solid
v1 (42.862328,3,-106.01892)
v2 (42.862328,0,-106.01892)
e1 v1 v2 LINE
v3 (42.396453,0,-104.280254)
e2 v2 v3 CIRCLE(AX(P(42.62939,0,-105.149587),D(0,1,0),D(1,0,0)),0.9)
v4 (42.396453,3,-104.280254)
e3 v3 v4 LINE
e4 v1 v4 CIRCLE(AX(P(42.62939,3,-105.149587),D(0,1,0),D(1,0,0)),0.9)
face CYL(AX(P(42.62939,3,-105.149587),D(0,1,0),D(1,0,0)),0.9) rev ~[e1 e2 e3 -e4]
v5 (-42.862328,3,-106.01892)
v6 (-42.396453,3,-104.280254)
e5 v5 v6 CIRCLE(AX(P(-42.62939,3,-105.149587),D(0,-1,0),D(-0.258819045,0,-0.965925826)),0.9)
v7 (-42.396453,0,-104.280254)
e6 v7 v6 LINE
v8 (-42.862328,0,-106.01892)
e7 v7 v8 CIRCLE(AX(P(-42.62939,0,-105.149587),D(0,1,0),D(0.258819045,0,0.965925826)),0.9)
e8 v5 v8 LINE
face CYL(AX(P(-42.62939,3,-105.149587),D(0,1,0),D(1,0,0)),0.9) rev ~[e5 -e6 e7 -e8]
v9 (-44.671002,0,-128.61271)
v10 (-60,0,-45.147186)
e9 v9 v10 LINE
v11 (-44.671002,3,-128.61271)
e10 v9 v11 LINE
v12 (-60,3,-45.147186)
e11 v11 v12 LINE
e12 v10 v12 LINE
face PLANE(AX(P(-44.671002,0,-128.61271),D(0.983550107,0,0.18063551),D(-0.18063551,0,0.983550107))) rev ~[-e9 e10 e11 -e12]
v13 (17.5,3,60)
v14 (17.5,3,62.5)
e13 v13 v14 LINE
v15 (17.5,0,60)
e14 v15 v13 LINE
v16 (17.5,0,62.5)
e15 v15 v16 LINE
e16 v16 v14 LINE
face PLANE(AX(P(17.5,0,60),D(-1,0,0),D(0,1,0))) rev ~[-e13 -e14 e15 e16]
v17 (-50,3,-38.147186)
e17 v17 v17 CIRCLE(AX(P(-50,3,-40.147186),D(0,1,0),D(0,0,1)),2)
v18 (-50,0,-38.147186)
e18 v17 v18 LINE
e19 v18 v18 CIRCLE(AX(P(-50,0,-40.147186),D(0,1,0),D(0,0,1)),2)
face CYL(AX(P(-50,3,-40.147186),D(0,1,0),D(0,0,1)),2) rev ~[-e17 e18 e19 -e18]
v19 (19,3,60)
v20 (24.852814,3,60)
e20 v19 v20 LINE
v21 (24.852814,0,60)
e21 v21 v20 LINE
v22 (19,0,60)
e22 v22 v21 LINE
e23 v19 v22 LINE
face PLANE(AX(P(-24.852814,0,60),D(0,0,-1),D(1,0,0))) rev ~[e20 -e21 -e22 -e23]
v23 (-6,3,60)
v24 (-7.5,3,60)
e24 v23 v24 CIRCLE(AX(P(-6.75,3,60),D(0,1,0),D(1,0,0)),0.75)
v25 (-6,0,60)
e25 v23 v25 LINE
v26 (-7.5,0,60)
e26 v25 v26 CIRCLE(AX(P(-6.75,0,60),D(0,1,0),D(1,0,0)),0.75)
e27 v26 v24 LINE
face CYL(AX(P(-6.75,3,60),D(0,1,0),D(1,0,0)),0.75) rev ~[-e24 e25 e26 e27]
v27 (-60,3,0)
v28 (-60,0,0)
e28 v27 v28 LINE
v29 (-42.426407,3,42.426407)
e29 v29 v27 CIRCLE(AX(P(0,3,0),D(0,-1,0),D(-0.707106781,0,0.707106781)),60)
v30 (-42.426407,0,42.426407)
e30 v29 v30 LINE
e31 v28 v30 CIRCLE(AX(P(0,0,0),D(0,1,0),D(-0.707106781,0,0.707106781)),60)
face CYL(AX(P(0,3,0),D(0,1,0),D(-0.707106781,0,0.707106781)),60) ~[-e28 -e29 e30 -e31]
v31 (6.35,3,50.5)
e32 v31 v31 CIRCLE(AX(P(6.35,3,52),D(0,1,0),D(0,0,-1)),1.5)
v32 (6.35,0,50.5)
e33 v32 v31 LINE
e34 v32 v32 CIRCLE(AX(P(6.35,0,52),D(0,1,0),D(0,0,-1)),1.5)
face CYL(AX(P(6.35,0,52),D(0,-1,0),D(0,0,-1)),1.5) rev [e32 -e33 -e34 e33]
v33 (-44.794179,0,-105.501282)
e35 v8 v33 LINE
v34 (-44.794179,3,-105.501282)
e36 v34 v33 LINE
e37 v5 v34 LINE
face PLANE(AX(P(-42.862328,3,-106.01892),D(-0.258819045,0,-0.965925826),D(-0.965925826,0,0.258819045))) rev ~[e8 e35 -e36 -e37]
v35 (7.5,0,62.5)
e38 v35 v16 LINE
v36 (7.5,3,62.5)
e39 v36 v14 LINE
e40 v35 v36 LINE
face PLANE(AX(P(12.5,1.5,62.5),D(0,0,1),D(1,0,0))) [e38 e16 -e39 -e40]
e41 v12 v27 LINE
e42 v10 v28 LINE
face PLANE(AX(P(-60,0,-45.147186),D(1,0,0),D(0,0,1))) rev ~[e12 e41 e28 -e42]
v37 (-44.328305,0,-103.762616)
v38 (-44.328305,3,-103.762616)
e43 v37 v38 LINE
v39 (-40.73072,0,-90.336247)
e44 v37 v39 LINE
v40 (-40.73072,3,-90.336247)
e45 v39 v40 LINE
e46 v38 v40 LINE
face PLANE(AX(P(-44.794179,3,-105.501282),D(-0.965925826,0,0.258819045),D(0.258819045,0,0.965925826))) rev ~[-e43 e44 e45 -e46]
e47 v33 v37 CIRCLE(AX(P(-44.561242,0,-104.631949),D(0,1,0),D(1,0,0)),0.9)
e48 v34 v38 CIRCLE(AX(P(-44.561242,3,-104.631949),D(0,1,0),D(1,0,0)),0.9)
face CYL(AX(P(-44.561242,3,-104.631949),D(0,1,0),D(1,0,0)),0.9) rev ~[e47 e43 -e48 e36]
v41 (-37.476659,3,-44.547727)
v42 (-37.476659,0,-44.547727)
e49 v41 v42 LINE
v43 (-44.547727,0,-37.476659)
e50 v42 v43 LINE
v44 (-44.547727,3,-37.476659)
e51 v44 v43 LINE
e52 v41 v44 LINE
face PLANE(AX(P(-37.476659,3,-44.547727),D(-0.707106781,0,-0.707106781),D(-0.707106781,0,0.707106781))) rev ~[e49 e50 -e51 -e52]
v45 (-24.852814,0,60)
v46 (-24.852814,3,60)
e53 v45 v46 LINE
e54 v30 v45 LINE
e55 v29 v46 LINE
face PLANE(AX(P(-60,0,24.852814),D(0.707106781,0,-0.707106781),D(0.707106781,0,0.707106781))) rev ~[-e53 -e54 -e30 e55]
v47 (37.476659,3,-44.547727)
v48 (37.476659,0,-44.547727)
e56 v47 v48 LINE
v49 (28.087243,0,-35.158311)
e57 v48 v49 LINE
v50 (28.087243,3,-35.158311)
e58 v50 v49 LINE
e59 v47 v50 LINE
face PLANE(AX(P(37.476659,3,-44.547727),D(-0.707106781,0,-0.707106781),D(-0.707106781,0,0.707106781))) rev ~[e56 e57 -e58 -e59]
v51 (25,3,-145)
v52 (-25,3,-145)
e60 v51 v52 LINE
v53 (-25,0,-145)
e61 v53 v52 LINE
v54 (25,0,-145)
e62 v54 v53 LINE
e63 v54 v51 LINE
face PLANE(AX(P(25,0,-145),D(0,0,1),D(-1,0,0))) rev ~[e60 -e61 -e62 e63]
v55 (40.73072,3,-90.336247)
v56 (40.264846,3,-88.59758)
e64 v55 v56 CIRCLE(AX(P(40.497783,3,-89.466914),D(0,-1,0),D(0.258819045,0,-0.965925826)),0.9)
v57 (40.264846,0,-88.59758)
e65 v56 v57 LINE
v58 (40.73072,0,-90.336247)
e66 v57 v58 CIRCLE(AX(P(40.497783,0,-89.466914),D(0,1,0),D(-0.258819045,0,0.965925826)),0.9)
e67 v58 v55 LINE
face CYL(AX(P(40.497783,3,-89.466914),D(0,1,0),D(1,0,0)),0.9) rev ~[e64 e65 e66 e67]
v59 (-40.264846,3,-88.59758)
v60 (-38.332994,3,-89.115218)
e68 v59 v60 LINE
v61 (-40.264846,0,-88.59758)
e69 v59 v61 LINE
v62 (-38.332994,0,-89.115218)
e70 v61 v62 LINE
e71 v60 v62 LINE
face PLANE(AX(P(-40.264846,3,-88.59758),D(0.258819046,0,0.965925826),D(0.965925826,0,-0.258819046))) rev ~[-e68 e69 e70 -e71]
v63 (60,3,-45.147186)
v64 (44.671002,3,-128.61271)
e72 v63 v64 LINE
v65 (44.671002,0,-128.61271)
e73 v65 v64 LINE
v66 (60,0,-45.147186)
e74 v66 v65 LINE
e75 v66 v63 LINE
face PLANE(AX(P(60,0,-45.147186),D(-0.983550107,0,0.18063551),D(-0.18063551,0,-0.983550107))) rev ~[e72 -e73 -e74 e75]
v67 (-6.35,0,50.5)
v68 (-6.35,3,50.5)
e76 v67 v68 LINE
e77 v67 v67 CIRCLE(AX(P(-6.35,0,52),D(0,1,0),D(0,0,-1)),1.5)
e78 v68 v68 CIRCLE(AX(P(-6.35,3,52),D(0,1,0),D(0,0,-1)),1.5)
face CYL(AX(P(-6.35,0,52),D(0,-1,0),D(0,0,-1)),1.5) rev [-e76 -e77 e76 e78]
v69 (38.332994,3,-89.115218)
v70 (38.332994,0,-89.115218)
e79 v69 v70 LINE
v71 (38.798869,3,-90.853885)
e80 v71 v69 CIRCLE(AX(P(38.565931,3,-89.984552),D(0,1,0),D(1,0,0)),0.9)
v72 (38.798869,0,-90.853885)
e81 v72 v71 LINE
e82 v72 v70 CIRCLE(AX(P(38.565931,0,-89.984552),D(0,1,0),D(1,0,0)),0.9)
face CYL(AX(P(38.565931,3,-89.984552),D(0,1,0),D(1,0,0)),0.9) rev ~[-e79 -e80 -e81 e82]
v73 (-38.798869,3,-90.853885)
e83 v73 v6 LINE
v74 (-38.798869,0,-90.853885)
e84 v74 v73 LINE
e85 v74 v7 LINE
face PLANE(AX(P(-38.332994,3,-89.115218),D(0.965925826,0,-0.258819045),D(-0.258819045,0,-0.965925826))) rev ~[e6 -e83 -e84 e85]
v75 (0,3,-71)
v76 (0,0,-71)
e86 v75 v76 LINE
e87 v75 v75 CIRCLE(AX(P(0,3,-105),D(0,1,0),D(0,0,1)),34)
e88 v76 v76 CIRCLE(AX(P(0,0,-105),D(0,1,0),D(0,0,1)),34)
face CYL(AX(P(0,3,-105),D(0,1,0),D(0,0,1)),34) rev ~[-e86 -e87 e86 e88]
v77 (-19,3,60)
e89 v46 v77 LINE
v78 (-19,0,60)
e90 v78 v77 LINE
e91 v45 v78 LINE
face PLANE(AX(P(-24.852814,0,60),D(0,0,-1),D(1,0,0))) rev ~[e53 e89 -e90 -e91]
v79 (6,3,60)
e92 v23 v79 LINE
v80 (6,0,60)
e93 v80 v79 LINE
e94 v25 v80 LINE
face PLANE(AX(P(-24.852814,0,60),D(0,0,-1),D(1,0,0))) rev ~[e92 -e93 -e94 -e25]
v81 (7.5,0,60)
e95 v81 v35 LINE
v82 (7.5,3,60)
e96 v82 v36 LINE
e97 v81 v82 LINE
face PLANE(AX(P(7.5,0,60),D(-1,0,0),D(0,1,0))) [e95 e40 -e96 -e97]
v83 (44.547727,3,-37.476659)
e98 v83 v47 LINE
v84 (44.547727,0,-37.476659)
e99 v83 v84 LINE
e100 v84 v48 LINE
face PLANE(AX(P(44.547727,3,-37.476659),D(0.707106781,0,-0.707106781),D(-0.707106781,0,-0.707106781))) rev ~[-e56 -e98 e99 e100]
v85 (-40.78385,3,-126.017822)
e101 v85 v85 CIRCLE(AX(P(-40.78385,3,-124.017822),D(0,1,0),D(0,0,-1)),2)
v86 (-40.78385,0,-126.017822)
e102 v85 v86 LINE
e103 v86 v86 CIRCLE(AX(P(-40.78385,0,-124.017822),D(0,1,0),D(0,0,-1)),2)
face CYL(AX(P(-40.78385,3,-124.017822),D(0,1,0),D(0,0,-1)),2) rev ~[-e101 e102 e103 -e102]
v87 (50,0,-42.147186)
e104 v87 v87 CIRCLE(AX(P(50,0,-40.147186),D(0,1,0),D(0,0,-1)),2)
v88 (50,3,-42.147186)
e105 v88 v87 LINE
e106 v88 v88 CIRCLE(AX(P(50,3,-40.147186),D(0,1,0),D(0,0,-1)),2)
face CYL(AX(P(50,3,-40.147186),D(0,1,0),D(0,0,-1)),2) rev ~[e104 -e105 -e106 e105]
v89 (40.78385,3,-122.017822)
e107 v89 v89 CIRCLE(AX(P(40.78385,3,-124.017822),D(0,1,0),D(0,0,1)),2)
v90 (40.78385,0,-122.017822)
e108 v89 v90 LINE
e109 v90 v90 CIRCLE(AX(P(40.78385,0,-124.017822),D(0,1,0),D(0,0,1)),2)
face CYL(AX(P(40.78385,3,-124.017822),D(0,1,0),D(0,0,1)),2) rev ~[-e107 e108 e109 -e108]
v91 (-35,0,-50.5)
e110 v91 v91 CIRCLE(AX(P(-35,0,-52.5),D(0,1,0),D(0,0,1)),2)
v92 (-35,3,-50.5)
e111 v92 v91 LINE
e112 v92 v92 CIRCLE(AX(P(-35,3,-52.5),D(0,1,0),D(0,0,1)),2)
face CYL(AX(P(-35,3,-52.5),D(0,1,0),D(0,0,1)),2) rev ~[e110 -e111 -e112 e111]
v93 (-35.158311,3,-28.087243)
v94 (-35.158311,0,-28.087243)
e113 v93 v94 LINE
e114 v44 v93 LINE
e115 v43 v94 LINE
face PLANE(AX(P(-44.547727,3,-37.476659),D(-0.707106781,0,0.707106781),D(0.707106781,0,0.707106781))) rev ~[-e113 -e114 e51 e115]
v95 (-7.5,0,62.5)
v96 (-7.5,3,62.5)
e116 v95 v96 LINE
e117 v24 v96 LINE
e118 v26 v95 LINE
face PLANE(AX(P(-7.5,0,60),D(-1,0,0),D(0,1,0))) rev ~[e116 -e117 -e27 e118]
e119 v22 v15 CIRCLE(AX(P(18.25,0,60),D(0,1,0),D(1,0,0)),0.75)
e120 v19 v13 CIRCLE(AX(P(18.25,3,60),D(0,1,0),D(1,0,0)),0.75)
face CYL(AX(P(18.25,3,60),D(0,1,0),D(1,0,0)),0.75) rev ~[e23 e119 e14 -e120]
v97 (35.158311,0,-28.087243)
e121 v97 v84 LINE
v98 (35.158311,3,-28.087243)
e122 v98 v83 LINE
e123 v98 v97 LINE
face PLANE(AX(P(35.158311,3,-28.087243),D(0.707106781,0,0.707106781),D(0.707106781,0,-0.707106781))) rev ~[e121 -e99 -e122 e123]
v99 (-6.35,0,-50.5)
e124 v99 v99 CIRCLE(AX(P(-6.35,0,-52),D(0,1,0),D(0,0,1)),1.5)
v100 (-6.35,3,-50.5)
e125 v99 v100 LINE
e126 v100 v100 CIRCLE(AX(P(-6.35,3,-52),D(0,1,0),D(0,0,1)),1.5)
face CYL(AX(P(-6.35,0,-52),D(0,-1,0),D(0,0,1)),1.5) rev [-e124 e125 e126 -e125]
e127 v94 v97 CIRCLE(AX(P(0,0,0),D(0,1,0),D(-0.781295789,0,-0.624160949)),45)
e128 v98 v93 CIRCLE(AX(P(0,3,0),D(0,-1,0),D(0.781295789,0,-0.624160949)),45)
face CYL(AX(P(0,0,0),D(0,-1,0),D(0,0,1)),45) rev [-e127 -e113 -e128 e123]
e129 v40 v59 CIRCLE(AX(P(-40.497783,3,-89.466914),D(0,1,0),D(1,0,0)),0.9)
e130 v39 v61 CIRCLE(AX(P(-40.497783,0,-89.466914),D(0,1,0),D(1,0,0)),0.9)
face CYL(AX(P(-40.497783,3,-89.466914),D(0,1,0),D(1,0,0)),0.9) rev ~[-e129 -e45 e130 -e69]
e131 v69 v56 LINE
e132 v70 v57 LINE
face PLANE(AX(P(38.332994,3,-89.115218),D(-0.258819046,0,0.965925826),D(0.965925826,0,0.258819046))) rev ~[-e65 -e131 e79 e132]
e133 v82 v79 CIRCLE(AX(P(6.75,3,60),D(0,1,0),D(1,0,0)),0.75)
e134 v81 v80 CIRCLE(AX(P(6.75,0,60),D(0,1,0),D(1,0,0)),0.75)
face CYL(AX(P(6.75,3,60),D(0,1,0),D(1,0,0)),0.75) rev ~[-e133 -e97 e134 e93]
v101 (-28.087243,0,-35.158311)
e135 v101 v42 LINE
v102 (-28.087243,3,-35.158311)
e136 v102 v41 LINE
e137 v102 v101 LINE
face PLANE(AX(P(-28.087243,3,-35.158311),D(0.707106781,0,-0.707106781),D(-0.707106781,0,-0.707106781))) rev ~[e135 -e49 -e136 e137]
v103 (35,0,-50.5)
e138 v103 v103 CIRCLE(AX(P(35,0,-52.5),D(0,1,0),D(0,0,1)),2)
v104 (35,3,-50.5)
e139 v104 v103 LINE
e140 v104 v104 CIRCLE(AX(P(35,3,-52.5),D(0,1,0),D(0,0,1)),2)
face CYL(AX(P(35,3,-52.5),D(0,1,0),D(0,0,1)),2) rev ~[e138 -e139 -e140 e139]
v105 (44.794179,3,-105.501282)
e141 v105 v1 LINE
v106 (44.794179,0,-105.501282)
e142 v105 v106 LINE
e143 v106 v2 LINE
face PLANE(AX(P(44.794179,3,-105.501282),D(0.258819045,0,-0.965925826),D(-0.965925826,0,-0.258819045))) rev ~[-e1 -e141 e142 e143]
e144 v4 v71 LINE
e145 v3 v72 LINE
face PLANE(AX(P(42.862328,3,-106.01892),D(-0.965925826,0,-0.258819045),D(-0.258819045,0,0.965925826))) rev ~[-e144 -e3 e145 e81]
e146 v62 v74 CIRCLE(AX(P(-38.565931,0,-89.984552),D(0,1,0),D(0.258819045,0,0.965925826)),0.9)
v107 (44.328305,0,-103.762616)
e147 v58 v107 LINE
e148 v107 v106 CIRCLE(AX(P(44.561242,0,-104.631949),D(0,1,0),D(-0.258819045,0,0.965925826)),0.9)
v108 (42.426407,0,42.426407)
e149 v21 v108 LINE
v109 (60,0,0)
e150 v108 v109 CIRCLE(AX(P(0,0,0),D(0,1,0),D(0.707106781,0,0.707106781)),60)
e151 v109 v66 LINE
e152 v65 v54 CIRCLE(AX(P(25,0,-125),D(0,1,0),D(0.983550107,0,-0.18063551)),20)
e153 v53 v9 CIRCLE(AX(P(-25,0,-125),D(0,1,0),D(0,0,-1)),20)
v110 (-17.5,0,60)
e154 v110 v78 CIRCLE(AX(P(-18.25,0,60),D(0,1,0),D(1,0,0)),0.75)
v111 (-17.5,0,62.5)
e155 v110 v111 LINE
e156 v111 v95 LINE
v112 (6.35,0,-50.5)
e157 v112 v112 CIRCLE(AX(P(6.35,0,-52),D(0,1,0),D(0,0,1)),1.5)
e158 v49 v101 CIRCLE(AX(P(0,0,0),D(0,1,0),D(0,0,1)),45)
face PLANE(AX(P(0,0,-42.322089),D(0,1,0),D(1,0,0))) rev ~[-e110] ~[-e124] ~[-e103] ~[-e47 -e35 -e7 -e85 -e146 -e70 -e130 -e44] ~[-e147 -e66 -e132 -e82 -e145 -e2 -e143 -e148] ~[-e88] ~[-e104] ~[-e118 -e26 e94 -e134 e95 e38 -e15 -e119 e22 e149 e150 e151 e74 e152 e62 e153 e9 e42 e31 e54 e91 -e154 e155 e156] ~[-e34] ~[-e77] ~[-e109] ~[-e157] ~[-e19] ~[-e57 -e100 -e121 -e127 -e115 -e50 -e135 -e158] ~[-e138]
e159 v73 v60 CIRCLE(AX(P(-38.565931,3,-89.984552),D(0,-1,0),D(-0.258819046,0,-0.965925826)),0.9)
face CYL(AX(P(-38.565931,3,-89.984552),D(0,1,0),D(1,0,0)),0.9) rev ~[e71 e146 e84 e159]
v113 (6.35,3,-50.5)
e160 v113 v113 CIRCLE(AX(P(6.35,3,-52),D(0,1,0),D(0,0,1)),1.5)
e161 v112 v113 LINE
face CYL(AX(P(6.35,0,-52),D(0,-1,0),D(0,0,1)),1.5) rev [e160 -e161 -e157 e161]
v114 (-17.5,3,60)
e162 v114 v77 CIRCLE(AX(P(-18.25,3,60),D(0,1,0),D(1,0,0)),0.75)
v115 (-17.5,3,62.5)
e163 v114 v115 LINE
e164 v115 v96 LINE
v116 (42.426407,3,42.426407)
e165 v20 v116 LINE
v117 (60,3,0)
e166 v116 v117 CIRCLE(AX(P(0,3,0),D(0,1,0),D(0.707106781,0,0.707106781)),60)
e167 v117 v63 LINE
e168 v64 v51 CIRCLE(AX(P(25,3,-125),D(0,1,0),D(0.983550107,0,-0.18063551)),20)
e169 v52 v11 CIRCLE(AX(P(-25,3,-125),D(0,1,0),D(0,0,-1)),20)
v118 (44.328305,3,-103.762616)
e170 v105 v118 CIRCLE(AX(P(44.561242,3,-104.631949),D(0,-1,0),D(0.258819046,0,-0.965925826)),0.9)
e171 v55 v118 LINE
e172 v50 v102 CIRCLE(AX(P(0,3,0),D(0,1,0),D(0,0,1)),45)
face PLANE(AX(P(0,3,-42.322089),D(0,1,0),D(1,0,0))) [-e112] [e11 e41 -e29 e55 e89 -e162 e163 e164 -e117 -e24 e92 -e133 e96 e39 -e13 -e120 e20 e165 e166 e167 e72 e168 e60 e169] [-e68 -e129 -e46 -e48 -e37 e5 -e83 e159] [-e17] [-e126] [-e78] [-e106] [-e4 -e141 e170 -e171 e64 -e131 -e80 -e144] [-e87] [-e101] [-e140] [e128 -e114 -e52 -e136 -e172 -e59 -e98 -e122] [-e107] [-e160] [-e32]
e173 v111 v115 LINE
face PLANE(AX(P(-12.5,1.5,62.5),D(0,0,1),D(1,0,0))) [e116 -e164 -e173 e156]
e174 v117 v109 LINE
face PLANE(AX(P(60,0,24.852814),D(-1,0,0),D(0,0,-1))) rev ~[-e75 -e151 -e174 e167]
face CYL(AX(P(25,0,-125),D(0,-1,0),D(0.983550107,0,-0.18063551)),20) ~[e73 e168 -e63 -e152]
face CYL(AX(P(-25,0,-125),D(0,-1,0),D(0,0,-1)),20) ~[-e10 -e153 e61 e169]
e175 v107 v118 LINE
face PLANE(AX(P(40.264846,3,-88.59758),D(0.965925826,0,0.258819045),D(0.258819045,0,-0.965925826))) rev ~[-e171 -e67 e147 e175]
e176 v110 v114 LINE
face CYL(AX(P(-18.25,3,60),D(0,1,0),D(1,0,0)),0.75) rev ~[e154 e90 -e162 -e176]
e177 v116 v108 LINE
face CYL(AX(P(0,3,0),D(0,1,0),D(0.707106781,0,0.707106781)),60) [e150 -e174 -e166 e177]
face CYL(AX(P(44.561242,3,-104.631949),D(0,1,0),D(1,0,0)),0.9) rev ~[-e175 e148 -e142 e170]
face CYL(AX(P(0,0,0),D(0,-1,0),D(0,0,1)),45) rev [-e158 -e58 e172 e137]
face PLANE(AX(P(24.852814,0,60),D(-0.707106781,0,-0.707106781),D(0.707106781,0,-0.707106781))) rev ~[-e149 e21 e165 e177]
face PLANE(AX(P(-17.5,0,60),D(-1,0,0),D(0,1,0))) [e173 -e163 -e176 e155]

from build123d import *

# Parameters (mm, degrees)
SKETCH_1_R          = 1.5
SKETCH_1_R_2        = 45
EXTRUDE_1_DEPTH     = 3
SKETCH_2_R          = 34
SKETCH_2_R_2        = 2
CUT_EXTRUDE_1_DEPTH = 157.95222203
SKETCH_3_W          = 10
SKETCH_3_H          = 3
EXTRUDE_2_DEPTH     = 2.5
SKETCH_5_R          = 0.75
CUT_EXTRUDE_2_DEPTH = 157.95222203
SKETCH_8_R          = 0.9
CUT_EXTRUDE_3_DEPTH = 157.95222203


with BuildPart() as part:
    # 草图1 → Extrude 1 (new body)
    with BuildSketch(Plane(origin=(0, 0, 0), x_dir=(1, 0, 0), z_dir=(0, 1, 0))):
        with BuildLine():
            Line((-60, 24.852813742), (-60, -24.852813742))
            Line((-60, -24.852813742), (-24.852813742, -60))
            Line((-24.852813742, -60), (24.852813742, -60))
            Line((24.852813742, -60), (60, -24.852813742))
            Line((60, -24.852813742), (60, 24.852813742))
            Line((60, 24.852813742), (60, 45.147186258))
            Line((60, 45.147186258), (44.671002135, 128.6127102))
            ThreePointArc((44.671002135, 128.6127102), (37.801285013, 140.366427757), (25, 145))
            Line((25, 145), (-25, 145))
            ThreePointArc((-25, 145), (-37.801285013, 140.366427757), (-44.671002135, 128.6127102))
            Line((-44.671002135, 128.6127102), (-60, 45.147186258))
            Line((-60, 45.147186258), (-60, 24.852813742))
        make_face()
        with Locations(Location((-6.35, 52, 0), (0, 0, 270))):
            Circle(SKETCH_1_R, mode=Mode.SUBTRACT)
        with Locations(Location((6.35, 52, 0), (0, 0, 270))):
            Circle(SKETCH_1_R, mode=Mode.SUBTRACT)
        with Locations(Location((6.35, -52, 0), (0, 0, 90))):
            Circle(SKETCH_1_R, mode=Mode.SUBTRACT)
        with Locations(Location((-6.35, -52, 0), (0, 0, 90))):
            Circle(SKETCH_1_R, mode=Mode.SUBTRACT)
        with Locations(Location((0, 0, 0), (0, 0, 270))):
            Circle(SKETCH_1_R_2, mode=Mode.SUBTRACT)
    extrude(amount=EXTRUDE_1_DEPTH)

    # 草图2 → 切除-拉伸1 (cut, through all)
    with BuildSketch(Plane(origin=(0, 3, 0), x_dir=(1, 0, 0), z_dir=(0, 1, 0))):
        with Locations(Location((0, 105, 0), (0, 0, 270))):
            Circle(SKETCH_2_R)
        with Locations(Location((-35, 52.5, 0), (0, 0, 270))):
            Circle(SKETCH_2_R_2)
        with Locations(Location((35, 52.5, 0), (0, 0, 270))):
            Circle(SKETCH_2_R_2)
        with Locations(Location((40.783850417, 124.017821778, 0), (0, 0, 270))):
            Circle(SKETCH_2_R_2)
        with Locations(Location((-40.783850417, 124.017821778, 0), (0, 0, 90))):
            Circle(SKETCH_2_R_2)
        with Locations(Location((-50, 40.147186258, 0), (0, 0, 270))):
            Circle(SKETCH_2_R_2)
        with Locations(Location((50, 40.147186258, 0), (0, 0, 90))):
            Circle(SKETCH_2_R_2)
        Polygon((28.087242696, 35.158310508), (35.158310508, 28.087242696), (44.547727215, 37.476659403), (37.476659403, 44.547727215), align=None)
        Polygon((-37.476659403, 44.547727215), (-44.547727215, 37.476659403), (-35.158310508, 28.087242696), (-28.087242696, 35.158310508), align=None)
    extrude(amount=-CUT_EXTRUDE_1_DEPTH, mode=Mode.SUBTRACT)

    # 草图3 → 凸台-拉伸2 (add)
    with BuildSketch(Plane.XY.offset(60)):
        with Locations((-12.5, 1.5)):
            Rectangle(SKETCH_3_W, SKETCH_3_H)
        with Locations((12.5, 1.5)):
            Rectangle(SKETCH_3_W, SKETCH_3_H)
    extrude(amount=EXTRUDE_2_DEPTH)

    # 草图5 → 切除-拉伸2 (cut, through all)
    with BuildSketch(Plane(origin=(0, 3, 0), x_dir=(1, 0, 0), z_dir=(0, 1, 0))):
        with Locations((-18.25, -60)):
            Circle(SKETCH_5_R)
        with Locations((-6.75, -60)):
            Circle(SKETCH_5_R)
        with Locations((6.75, -60)):
            Circle(SKETCH_5_R)
        with Locations((18.25, -60)):
            Circle(SKETCH_5_R)
        Polygon((-44.794179278, 105.501282313), (-40.264845988, 88.597580353), (-38.332994336, 89.115218444), (-42.862327625, 106.018920404), align=None)
        Polygon((42.862327625, 106.018920404), (38.332994336, 89.115218444), (40.264845988, 88.597580353), (44.794179278, 105.501282313), align=None)
        with BuildLine():
            Line((-60, 0), (-60, -24.852813742))
            Line((-60, -24.852813742), (-42.426406871, -42.426406871))
            ThreePointArc((-42.426406871, -42.426406871), (-55.432771951, -22.961005942), (-60, 0))
        make_face()
        with BuildLine():
            Line((60, -24.852813742), (42.426406871, -42.426406871))
            ThreePointArc((42.426406871, -42.426406871), (55.432771951, -22.961005942), (60, 0))
            Line((60, 0), (60, -24.852813742))
        make_face()
    extrude(amount=-CUT_EXTRUDE_2_DEPTH, mode=Mode.SUBTRACT)

    # 草图8 → 切除-拉伸3 (cut, through all)
    with BuildSketch(Plane(origin=(0, 3, 0), x_dir=(1, 0, 0), z_dir=(0, 1, 0))):
        with Locations((-44.561242137, 104.63194907)):
            Circle(SKETCH_8_R)
        with Locations((-42.629390484, 105.14958716)):
            Circle(SKETCH_8_R)
        with Locations((-38.565931476, 89.984551687)):
            Circle(SKETCH_8_R)
        with Locations((-40.497783129, 89.466913597)):
            Circle(SKETCH_8_R)
        with Locations((40.497783129, 89.466913597)):
            Circle(SKETCH_8_R)
        with Locations((38.565931476, 89.984551687)):
            Circle(SKETCH_8_R)
        with Locations((42.629390484, 105.14958716)):
            Circle(SKETCH_8_R)
        with Locations((44.561242137, 104.63194907)):
            Circle(SKETCH_8_R)
    extrude(amount=-CUT_EXTRUDE_3_DEPTH, mode=Mode.SUBTRACT)


solid = part.part
